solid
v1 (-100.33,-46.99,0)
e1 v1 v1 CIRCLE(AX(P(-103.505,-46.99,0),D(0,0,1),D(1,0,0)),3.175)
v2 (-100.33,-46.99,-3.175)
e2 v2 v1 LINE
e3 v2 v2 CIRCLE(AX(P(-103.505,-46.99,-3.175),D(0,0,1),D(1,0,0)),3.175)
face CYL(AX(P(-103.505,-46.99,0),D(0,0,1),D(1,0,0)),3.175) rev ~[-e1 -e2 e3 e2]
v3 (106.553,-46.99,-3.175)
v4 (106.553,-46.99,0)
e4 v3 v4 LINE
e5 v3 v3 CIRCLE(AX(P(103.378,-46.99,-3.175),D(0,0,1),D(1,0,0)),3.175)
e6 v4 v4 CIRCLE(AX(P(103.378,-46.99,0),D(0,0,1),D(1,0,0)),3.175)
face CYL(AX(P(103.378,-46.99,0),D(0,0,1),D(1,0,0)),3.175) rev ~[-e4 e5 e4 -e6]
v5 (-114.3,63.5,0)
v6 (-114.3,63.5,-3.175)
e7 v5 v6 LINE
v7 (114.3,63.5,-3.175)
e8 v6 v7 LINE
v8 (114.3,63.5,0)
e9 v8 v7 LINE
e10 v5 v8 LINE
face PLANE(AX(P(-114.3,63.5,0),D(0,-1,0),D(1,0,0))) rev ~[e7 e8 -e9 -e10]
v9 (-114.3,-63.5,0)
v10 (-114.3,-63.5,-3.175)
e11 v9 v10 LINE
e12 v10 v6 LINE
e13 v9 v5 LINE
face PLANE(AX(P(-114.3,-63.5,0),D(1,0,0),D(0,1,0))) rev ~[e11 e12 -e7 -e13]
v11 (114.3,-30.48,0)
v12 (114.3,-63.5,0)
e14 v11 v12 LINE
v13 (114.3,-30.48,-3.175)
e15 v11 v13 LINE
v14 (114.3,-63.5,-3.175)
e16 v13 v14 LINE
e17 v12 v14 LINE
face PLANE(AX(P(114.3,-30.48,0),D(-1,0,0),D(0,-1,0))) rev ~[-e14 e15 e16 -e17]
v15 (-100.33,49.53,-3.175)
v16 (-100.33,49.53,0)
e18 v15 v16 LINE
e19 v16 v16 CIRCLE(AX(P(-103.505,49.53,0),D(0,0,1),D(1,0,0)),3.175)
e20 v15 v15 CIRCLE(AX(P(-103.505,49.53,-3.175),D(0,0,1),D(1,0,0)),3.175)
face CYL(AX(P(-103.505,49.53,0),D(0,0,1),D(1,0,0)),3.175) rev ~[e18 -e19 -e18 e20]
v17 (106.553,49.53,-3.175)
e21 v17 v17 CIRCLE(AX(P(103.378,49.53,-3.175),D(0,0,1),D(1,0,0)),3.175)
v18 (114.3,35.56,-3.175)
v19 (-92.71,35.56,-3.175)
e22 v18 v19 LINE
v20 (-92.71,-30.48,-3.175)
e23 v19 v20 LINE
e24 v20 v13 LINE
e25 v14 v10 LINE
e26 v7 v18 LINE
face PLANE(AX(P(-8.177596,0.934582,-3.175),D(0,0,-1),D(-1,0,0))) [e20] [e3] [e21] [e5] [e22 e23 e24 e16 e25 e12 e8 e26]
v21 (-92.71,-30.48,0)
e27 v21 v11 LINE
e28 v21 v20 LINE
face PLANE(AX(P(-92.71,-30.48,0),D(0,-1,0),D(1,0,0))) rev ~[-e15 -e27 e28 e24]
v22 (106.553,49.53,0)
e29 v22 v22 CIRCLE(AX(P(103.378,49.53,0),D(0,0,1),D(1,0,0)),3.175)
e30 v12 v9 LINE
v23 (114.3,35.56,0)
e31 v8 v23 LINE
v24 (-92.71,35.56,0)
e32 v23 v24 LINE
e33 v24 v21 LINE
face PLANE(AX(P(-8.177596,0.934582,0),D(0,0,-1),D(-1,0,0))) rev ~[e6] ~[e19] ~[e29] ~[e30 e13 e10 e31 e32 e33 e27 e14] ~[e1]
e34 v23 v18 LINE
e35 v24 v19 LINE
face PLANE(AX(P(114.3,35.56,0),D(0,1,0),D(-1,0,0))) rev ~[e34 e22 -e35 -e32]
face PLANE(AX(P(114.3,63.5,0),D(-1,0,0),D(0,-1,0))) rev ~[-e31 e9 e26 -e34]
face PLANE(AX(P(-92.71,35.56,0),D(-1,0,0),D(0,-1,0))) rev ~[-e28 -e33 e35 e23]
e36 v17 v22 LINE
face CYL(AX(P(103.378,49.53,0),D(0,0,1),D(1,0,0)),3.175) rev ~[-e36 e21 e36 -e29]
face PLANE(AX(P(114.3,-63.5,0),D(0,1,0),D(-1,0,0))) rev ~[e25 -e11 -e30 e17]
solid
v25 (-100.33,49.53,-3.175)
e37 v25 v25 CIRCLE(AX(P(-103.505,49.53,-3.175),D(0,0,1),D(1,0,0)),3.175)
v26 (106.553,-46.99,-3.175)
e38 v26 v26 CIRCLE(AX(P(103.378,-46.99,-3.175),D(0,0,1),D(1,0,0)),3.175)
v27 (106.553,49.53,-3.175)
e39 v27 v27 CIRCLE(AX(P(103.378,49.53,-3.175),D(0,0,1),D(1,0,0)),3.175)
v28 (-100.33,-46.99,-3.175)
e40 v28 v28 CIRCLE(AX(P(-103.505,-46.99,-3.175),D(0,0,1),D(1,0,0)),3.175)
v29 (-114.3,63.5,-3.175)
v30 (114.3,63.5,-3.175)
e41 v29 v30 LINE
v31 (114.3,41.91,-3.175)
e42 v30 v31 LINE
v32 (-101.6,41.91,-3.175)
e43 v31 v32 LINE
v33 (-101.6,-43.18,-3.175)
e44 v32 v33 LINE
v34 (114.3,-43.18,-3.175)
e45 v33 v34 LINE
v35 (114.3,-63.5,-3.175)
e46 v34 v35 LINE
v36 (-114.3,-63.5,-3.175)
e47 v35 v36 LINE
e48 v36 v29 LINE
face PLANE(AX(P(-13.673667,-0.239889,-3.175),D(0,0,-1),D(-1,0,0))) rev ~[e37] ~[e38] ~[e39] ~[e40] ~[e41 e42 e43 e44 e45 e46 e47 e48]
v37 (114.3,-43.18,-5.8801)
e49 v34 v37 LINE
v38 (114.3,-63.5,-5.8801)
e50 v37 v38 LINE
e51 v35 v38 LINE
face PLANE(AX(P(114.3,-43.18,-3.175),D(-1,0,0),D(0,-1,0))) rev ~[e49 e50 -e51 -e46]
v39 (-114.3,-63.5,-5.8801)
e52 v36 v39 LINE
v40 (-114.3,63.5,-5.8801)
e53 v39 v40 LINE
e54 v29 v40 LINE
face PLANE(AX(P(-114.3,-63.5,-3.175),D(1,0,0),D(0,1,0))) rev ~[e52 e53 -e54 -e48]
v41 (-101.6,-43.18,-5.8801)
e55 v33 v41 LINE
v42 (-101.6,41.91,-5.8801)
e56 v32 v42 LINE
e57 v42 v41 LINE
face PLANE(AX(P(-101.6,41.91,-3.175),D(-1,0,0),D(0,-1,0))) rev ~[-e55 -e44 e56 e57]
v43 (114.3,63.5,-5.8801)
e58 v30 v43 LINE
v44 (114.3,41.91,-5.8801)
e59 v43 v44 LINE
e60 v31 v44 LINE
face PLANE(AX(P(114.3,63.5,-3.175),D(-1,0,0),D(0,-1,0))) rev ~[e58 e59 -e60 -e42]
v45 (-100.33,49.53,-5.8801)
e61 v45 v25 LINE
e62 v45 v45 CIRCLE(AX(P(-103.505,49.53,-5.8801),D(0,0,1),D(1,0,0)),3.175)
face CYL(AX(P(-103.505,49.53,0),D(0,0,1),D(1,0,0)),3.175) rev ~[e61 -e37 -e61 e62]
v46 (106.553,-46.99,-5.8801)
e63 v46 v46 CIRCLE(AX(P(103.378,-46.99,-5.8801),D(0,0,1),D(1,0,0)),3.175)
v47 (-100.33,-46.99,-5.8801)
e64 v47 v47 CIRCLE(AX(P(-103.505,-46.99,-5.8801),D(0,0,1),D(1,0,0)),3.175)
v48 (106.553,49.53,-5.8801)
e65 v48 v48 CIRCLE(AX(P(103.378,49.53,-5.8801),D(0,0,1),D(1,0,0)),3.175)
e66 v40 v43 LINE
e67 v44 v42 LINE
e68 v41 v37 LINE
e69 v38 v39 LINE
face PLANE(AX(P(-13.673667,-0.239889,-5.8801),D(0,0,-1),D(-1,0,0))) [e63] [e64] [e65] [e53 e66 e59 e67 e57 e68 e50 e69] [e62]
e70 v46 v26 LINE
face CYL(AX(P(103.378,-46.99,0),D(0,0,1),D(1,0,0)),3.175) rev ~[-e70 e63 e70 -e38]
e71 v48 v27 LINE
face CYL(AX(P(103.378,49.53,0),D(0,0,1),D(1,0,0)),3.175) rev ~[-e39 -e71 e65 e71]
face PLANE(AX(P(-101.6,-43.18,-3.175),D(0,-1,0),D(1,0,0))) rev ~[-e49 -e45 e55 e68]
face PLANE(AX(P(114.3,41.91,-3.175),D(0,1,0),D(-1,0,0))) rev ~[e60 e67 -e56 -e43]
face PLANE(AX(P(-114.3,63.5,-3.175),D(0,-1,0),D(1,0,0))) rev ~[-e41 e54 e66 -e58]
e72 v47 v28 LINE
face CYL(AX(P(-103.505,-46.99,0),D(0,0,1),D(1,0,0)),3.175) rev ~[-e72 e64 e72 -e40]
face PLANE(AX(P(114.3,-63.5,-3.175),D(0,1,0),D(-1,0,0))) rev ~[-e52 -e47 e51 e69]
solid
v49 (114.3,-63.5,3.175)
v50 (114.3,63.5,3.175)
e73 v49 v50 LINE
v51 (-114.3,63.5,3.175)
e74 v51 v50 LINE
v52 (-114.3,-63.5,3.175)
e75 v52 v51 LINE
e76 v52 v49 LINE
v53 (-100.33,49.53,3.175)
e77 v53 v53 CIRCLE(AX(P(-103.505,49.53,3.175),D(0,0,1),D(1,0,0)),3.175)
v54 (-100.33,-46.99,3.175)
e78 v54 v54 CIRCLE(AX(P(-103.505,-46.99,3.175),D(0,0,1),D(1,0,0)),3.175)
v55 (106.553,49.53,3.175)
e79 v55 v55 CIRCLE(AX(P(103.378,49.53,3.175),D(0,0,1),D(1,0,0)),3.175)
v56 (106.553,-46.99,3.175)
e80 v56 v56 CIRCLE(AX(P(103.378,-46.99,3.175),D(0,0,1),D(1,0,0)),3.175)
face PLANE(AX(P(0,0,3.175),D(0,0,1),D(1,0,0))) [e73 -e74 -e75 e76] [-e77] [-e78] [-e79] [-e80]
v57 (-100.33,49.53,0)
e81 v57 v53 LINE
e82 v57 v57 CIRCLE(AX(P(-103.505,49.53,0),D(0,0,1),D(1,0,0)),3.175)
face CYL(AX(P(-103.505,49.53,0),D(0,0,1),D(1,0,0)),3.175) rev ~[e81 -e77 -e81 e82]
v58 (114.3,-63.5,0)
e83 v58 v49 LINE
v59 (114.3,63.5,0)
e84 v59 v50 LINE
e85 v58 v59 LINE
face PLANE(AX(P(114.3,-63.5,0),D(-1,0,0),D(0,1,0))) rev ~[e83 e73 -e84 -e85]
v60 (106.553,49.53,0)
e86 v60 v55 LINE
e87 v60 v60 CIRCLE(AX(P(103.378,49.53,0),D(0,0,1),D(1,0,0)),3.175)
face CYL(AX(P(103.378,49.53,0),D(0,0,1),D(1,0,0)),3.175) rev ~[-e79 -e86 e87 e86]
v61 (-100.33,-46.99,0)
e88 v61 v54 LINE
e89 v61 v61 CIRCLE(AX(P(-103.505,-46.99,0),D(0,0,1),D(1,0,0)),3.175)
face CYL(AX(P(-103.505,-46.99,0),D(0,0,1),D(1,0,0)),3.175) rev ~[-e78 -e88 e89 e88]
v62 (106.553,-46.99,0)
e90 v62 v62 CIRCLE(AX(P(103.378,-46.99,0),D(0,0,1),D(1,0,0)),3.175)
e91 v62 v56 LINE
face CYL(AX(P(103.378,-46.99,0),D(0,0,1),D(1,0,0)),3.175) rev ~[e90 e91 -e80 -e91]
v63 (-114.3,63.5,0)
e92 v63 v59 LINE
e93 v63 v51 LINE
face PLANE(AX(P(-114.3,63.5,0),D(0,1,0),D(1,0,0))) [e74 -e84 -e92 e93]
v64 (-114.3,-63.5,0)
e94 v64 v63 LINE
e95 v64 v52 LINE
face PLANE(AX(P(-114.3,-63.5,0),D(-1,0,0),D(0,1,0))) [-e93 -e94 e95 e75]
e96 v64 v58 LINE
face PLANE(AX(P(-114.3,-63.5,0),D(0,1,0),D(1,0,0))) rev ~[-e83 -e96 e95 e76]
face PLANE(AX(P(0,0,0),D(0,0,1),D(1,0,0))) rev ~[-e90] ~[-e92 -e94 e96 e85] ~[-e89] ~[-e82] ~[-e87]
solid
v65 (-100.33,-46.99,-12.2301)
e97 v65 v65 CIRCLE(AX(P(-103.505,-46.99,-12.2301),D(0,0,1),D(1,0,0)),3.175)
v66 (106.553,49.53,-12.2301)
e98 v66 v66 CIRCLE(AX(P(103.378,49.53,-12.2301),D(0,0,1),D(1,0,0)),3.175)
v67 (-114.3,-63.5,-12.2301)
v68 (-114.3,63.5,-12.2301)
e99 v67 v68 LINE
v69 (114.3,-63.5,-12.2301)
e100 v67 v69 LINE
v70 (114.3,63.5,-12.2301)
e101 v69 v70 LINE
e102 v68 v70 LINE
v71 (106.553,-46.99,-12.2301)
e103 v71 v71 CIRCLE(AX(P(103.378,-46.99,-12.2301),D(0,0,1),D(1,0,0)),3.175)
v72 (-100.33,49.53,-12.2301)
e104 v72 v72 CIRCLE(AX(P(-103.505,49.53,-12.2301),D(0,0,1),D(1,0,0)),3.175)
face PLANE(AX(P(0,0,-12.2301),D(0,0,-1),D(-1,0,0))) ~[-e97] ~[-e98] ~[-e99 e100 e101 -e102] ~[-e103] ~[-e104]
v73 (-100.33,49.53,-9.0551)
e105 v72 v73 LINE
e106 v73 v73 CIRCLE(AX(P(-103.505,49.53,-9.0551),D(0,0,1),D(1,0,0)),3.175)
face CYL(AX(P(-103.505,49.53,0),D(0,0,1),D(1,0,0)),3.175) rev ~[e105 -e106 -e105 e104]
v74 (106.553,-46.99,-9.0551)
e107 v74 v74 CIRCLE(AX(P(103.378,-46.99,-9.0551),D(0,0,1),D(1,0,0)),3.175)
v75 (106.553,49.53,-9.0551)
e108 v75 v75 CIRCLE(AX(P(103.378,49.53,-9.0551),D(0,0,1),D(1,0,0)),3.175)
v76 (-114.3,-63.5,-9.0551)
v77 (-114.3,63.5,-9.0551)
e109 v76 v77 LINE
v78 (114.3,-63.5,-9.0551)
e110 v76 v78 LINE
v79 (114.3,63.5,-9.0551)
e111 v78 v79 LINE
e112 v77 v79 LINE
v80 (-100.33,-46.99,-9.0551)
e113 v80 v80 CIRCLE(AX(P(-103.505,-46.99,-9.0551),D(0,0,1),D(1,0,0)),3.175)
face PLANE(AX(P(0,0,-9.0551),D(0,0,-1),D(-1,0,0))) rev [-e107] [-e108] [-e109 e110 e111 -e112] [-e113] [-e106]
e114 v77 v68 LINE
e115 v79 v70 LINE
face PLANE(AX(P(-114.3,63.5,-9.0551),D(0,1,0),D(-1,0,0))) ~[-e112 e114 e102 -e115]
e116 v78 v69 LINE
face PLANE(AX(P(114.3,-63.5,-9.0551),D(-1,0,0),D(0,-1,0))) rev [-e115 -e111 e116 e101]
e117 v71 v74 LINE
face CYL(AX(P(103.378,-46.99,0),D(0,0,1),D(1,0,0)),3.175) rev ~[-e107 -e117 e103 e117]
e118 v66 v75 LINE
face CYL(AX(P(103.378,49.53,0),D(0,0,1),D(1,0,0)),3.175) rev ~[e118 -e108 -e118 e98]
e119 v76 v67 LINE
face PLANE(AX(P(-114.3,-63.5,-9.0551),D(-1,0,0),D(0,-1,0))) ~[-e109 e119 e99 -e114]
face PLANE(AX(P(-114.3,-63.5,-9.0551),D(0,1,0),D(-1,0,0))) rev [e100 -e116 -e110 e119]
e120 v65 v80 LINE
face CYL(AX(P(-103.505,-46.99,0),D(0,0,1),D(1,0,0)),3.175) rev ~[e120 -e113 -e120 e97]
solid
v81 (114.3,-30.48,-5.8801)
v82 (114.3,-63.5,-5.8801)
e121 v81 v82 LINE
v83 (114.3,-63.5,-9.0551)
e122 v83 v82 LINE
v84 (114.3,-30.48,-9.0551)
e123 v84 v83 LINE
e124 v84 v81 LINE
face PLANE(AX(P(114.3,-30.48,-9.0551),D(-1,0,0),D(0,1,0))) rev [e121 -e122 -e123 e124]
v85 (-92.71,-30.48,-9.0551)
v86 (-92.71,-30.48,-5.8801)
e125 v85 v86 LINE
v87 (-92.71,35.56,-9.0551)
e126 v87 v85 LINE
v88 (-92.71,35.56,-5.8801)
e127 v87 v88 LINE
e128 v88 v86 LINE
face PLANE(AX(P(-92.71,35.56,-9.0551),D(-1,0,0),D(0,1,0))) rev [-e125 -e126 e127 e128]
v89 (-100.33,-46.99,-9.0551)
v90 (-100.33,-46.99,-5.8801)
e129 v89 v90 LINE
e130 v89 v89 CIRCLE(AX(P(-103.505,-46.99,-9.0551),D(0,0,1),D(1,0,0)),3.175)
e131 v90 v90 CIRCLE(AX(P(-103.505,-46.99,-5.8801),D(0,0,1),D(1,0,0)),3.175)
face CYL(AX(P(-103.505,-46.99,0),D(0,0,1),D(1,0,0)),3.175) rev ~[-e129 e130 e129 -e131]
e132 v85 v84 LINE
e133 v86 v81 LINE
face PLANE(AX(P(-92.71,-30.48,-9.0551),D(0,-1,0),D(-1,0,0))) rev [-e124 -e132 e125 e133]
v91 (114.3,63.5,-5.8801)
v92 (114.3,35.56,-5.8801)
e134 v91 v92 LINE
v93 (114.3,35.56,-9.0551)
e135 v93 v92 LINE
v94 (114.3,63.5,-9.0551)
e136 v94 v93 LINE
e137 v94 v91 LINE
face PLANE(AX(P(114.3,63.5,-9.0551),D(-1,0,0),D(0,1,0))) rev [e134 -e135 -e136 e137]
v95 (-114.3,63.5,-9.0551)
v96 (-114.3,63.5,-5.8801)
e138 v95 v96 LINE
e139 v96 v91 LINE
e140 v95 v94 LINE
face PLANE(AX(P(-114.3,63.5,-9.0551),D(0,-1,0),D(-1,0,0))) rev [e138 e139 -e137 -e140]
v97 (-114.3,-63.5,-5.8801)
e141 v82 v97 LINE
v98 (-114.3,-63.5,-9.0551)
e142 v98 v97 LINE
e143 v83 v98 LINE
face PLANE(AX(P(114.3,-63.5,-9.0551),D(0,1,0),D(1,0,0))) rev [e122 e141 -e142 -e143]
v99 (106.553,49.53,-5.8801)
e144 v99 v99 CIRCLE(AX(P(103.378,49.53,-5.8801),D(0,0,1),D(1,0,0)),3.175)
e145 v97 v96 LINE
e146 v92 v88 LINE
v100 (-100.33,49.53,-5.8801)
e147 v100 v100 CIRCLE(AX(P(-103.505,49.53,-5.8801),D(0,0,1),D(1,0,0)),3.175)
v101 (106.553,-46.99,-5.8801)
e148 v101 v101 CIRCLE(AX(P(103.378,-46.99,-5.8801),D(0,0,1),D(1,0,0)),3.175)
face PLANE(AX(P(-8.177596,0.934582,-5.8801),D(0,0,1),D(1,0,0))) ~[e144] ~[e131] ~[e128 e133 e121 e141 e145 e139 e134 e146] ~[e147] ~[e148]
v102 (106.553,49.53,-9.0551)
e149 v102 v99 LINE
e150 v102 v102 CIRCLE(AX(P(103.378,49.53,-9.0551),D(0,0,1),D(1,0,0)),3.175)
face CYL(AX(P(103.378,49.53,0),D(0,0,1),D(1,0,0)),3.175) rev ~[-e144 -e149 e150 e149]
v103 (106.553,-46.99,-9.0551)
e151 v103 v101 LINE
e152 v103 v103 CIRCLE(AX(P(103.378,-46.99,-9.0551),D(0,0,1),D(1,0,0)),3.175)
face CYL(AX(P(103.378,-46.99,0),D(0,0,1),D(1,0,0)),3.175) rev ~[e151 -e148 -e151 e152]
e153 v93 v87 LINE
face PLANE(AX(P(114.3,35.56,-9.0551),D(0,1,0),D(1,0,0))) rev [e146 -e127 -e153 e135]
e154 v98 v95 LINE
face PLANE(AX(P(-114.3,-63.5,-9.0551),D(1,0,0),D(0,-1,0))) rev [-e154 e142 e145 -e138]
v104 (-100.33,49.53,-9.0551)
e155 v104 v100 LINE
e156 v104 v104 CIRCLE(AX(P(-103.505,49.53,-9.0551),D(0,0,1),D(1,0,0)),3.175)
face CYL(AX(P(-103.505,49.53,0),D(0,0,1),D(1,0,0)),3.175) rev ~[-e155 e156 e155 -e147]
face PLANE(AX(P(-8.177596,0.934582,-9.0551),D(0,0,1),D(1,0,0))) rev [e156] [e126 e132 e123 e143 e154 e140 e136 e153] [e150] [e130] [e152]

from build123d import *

# Parameters (mm, degrees)
SKETCH1_W               = 228.6
SKETCH1_H               = 127
BOSS_EXTRUDE1_DEPTH     = 3.175
BOSS_EXTRUDE2_DEPTH     = 3.175
BOSS_EXTRUDE4_DEPTH     = 2.7051
SKETCH6_R               = 3.175
CUT_EXTRUDE1_DEPTH      = 4.175
CUT_EXTRUDE1_DEPTH_BACK = 13.2301


with BuildPart() as part:
    # Sketch1 → Boss-Extrude1 (new body)
    with BuildSketch(Plane.XY):
        Rectangle(SKETCH1_W, SKETCH1_H)
    extrude(amount=BOSS_EXTRUDE1_DEPTH)


with BuildPart() as body_2:
    # Sketch2 → Boss-Extrude2 (new body)
    with BuildSketch(Plane(origin=(0, 0, 0), x_dir=(-1, 0, 0), z_dir=(0, 0, -1))):
        Polygon((-114.3, 63.5), (-114.3, 35.56), (92.71, 35.56), (92.71, -30.48), (-114.3, -30.48), (-114.3, -63.5), (92.173439785, -63.5), (114.3, -63.5), (114.3, 63.5), align=None)
    extrude(amount=BOSS_EXTRUDE2_DEPTH)


with BuildPart() as body_3:
    # Sketch4 → Boss-Extrude4 (new body)
    with BuildSketch(Plane(origin=(0, 0, -3.175), x_dir=(-1, 0, 0), z_dir=(0, 0, -1))):
        Polygon((-114.3, 41.91), (101.6, 41.91), (101.6, -43.18), (-114.3, -43.18), (-114.3, -63.5), (114.3, -63.5), (114.3, 63.5), (-114.3, 63.5), align=None)
    extrude(amount=BOSS_EXTRUDE4_DEPTH)


with BuildPart() as body_4:
    # Mirror1: mirrored copy
    add(part.part.mirror(Plane(origin=(0, 0, -4.52755), x_dir=(1, 0, 0), z_dir=(0, 0, -1))))


with BuildPart() as body_5:
    # Mirror1 2: mirrored copy
    add(body_2.part.mirror(Plane(origin=(0, 0, -4.52755), x_dir=(1, 0, 0), z_dir=(0, 0, -1))))


with BuildPart() as cut_extrude1_tool:
    # Sketch6 → Cut-Extrude1 (new body, two sides)
    with BuildSketch(Plane.XY) as cut_extrude1_sk:
        with Locations((-103.505, 49.53)):
            Circle(SKETCH6_R)
        with Locations((-103.505, -46.99)):
            Circle(SKETCH6_R)
        with Locations((103.378, 49.53)):
            Circle(SKETCH6_R)
        with Locations((103.378, -46.99)):
            Circle(SKETCH6_R)
    extrude(amount=CUT_EXTRUDE1_DEPTH)
    extrude(cut_extrude1_sk.sketch, amount=-CUT_EXTRUDE1_DEPTH_BACK)


with BuildPart() as part_1:
    add(part.part)

    # Cut-Extrude1: cut by cut_extrude1_tool
    add(cut_extrude1_tool.part, mode=Mode.SUBTRACT)


with BuildPart() as body_2_1:
    add(body_2.part)

    # Cut-Extrude1: cut by cut_extrude1_tool
    add(cut_extrude1_tool.part, mode=Mode.SUBTRACT)


with BuildPart() as body_3_1:
    add(body_3.part)

    # Cut-Extrude1: cut by cut_extrude1_tool
    add(cut_extrude1_tool.part, mode=Mode.SUBTRACT)


with BuildPart() as body_4_1:
    add(body_4.part)

    # Cut-Extrude1: cut by cut_extrude1_tool
    add(cut_extrude1_tool.part, mode=Mode.SUBTRACT)


with BuildPart() as body_5_1:
    add(body_5.part)

    # Cut-Extrude1: cut by cut_extrude1_tool
    add(cut_extrude1_tool.part, mode=Mode.SUBTRACT)


solid = Compound([part_1.part, body_2_1.part, body_3_1.part, body_4_1.part, body_5_1.part])
